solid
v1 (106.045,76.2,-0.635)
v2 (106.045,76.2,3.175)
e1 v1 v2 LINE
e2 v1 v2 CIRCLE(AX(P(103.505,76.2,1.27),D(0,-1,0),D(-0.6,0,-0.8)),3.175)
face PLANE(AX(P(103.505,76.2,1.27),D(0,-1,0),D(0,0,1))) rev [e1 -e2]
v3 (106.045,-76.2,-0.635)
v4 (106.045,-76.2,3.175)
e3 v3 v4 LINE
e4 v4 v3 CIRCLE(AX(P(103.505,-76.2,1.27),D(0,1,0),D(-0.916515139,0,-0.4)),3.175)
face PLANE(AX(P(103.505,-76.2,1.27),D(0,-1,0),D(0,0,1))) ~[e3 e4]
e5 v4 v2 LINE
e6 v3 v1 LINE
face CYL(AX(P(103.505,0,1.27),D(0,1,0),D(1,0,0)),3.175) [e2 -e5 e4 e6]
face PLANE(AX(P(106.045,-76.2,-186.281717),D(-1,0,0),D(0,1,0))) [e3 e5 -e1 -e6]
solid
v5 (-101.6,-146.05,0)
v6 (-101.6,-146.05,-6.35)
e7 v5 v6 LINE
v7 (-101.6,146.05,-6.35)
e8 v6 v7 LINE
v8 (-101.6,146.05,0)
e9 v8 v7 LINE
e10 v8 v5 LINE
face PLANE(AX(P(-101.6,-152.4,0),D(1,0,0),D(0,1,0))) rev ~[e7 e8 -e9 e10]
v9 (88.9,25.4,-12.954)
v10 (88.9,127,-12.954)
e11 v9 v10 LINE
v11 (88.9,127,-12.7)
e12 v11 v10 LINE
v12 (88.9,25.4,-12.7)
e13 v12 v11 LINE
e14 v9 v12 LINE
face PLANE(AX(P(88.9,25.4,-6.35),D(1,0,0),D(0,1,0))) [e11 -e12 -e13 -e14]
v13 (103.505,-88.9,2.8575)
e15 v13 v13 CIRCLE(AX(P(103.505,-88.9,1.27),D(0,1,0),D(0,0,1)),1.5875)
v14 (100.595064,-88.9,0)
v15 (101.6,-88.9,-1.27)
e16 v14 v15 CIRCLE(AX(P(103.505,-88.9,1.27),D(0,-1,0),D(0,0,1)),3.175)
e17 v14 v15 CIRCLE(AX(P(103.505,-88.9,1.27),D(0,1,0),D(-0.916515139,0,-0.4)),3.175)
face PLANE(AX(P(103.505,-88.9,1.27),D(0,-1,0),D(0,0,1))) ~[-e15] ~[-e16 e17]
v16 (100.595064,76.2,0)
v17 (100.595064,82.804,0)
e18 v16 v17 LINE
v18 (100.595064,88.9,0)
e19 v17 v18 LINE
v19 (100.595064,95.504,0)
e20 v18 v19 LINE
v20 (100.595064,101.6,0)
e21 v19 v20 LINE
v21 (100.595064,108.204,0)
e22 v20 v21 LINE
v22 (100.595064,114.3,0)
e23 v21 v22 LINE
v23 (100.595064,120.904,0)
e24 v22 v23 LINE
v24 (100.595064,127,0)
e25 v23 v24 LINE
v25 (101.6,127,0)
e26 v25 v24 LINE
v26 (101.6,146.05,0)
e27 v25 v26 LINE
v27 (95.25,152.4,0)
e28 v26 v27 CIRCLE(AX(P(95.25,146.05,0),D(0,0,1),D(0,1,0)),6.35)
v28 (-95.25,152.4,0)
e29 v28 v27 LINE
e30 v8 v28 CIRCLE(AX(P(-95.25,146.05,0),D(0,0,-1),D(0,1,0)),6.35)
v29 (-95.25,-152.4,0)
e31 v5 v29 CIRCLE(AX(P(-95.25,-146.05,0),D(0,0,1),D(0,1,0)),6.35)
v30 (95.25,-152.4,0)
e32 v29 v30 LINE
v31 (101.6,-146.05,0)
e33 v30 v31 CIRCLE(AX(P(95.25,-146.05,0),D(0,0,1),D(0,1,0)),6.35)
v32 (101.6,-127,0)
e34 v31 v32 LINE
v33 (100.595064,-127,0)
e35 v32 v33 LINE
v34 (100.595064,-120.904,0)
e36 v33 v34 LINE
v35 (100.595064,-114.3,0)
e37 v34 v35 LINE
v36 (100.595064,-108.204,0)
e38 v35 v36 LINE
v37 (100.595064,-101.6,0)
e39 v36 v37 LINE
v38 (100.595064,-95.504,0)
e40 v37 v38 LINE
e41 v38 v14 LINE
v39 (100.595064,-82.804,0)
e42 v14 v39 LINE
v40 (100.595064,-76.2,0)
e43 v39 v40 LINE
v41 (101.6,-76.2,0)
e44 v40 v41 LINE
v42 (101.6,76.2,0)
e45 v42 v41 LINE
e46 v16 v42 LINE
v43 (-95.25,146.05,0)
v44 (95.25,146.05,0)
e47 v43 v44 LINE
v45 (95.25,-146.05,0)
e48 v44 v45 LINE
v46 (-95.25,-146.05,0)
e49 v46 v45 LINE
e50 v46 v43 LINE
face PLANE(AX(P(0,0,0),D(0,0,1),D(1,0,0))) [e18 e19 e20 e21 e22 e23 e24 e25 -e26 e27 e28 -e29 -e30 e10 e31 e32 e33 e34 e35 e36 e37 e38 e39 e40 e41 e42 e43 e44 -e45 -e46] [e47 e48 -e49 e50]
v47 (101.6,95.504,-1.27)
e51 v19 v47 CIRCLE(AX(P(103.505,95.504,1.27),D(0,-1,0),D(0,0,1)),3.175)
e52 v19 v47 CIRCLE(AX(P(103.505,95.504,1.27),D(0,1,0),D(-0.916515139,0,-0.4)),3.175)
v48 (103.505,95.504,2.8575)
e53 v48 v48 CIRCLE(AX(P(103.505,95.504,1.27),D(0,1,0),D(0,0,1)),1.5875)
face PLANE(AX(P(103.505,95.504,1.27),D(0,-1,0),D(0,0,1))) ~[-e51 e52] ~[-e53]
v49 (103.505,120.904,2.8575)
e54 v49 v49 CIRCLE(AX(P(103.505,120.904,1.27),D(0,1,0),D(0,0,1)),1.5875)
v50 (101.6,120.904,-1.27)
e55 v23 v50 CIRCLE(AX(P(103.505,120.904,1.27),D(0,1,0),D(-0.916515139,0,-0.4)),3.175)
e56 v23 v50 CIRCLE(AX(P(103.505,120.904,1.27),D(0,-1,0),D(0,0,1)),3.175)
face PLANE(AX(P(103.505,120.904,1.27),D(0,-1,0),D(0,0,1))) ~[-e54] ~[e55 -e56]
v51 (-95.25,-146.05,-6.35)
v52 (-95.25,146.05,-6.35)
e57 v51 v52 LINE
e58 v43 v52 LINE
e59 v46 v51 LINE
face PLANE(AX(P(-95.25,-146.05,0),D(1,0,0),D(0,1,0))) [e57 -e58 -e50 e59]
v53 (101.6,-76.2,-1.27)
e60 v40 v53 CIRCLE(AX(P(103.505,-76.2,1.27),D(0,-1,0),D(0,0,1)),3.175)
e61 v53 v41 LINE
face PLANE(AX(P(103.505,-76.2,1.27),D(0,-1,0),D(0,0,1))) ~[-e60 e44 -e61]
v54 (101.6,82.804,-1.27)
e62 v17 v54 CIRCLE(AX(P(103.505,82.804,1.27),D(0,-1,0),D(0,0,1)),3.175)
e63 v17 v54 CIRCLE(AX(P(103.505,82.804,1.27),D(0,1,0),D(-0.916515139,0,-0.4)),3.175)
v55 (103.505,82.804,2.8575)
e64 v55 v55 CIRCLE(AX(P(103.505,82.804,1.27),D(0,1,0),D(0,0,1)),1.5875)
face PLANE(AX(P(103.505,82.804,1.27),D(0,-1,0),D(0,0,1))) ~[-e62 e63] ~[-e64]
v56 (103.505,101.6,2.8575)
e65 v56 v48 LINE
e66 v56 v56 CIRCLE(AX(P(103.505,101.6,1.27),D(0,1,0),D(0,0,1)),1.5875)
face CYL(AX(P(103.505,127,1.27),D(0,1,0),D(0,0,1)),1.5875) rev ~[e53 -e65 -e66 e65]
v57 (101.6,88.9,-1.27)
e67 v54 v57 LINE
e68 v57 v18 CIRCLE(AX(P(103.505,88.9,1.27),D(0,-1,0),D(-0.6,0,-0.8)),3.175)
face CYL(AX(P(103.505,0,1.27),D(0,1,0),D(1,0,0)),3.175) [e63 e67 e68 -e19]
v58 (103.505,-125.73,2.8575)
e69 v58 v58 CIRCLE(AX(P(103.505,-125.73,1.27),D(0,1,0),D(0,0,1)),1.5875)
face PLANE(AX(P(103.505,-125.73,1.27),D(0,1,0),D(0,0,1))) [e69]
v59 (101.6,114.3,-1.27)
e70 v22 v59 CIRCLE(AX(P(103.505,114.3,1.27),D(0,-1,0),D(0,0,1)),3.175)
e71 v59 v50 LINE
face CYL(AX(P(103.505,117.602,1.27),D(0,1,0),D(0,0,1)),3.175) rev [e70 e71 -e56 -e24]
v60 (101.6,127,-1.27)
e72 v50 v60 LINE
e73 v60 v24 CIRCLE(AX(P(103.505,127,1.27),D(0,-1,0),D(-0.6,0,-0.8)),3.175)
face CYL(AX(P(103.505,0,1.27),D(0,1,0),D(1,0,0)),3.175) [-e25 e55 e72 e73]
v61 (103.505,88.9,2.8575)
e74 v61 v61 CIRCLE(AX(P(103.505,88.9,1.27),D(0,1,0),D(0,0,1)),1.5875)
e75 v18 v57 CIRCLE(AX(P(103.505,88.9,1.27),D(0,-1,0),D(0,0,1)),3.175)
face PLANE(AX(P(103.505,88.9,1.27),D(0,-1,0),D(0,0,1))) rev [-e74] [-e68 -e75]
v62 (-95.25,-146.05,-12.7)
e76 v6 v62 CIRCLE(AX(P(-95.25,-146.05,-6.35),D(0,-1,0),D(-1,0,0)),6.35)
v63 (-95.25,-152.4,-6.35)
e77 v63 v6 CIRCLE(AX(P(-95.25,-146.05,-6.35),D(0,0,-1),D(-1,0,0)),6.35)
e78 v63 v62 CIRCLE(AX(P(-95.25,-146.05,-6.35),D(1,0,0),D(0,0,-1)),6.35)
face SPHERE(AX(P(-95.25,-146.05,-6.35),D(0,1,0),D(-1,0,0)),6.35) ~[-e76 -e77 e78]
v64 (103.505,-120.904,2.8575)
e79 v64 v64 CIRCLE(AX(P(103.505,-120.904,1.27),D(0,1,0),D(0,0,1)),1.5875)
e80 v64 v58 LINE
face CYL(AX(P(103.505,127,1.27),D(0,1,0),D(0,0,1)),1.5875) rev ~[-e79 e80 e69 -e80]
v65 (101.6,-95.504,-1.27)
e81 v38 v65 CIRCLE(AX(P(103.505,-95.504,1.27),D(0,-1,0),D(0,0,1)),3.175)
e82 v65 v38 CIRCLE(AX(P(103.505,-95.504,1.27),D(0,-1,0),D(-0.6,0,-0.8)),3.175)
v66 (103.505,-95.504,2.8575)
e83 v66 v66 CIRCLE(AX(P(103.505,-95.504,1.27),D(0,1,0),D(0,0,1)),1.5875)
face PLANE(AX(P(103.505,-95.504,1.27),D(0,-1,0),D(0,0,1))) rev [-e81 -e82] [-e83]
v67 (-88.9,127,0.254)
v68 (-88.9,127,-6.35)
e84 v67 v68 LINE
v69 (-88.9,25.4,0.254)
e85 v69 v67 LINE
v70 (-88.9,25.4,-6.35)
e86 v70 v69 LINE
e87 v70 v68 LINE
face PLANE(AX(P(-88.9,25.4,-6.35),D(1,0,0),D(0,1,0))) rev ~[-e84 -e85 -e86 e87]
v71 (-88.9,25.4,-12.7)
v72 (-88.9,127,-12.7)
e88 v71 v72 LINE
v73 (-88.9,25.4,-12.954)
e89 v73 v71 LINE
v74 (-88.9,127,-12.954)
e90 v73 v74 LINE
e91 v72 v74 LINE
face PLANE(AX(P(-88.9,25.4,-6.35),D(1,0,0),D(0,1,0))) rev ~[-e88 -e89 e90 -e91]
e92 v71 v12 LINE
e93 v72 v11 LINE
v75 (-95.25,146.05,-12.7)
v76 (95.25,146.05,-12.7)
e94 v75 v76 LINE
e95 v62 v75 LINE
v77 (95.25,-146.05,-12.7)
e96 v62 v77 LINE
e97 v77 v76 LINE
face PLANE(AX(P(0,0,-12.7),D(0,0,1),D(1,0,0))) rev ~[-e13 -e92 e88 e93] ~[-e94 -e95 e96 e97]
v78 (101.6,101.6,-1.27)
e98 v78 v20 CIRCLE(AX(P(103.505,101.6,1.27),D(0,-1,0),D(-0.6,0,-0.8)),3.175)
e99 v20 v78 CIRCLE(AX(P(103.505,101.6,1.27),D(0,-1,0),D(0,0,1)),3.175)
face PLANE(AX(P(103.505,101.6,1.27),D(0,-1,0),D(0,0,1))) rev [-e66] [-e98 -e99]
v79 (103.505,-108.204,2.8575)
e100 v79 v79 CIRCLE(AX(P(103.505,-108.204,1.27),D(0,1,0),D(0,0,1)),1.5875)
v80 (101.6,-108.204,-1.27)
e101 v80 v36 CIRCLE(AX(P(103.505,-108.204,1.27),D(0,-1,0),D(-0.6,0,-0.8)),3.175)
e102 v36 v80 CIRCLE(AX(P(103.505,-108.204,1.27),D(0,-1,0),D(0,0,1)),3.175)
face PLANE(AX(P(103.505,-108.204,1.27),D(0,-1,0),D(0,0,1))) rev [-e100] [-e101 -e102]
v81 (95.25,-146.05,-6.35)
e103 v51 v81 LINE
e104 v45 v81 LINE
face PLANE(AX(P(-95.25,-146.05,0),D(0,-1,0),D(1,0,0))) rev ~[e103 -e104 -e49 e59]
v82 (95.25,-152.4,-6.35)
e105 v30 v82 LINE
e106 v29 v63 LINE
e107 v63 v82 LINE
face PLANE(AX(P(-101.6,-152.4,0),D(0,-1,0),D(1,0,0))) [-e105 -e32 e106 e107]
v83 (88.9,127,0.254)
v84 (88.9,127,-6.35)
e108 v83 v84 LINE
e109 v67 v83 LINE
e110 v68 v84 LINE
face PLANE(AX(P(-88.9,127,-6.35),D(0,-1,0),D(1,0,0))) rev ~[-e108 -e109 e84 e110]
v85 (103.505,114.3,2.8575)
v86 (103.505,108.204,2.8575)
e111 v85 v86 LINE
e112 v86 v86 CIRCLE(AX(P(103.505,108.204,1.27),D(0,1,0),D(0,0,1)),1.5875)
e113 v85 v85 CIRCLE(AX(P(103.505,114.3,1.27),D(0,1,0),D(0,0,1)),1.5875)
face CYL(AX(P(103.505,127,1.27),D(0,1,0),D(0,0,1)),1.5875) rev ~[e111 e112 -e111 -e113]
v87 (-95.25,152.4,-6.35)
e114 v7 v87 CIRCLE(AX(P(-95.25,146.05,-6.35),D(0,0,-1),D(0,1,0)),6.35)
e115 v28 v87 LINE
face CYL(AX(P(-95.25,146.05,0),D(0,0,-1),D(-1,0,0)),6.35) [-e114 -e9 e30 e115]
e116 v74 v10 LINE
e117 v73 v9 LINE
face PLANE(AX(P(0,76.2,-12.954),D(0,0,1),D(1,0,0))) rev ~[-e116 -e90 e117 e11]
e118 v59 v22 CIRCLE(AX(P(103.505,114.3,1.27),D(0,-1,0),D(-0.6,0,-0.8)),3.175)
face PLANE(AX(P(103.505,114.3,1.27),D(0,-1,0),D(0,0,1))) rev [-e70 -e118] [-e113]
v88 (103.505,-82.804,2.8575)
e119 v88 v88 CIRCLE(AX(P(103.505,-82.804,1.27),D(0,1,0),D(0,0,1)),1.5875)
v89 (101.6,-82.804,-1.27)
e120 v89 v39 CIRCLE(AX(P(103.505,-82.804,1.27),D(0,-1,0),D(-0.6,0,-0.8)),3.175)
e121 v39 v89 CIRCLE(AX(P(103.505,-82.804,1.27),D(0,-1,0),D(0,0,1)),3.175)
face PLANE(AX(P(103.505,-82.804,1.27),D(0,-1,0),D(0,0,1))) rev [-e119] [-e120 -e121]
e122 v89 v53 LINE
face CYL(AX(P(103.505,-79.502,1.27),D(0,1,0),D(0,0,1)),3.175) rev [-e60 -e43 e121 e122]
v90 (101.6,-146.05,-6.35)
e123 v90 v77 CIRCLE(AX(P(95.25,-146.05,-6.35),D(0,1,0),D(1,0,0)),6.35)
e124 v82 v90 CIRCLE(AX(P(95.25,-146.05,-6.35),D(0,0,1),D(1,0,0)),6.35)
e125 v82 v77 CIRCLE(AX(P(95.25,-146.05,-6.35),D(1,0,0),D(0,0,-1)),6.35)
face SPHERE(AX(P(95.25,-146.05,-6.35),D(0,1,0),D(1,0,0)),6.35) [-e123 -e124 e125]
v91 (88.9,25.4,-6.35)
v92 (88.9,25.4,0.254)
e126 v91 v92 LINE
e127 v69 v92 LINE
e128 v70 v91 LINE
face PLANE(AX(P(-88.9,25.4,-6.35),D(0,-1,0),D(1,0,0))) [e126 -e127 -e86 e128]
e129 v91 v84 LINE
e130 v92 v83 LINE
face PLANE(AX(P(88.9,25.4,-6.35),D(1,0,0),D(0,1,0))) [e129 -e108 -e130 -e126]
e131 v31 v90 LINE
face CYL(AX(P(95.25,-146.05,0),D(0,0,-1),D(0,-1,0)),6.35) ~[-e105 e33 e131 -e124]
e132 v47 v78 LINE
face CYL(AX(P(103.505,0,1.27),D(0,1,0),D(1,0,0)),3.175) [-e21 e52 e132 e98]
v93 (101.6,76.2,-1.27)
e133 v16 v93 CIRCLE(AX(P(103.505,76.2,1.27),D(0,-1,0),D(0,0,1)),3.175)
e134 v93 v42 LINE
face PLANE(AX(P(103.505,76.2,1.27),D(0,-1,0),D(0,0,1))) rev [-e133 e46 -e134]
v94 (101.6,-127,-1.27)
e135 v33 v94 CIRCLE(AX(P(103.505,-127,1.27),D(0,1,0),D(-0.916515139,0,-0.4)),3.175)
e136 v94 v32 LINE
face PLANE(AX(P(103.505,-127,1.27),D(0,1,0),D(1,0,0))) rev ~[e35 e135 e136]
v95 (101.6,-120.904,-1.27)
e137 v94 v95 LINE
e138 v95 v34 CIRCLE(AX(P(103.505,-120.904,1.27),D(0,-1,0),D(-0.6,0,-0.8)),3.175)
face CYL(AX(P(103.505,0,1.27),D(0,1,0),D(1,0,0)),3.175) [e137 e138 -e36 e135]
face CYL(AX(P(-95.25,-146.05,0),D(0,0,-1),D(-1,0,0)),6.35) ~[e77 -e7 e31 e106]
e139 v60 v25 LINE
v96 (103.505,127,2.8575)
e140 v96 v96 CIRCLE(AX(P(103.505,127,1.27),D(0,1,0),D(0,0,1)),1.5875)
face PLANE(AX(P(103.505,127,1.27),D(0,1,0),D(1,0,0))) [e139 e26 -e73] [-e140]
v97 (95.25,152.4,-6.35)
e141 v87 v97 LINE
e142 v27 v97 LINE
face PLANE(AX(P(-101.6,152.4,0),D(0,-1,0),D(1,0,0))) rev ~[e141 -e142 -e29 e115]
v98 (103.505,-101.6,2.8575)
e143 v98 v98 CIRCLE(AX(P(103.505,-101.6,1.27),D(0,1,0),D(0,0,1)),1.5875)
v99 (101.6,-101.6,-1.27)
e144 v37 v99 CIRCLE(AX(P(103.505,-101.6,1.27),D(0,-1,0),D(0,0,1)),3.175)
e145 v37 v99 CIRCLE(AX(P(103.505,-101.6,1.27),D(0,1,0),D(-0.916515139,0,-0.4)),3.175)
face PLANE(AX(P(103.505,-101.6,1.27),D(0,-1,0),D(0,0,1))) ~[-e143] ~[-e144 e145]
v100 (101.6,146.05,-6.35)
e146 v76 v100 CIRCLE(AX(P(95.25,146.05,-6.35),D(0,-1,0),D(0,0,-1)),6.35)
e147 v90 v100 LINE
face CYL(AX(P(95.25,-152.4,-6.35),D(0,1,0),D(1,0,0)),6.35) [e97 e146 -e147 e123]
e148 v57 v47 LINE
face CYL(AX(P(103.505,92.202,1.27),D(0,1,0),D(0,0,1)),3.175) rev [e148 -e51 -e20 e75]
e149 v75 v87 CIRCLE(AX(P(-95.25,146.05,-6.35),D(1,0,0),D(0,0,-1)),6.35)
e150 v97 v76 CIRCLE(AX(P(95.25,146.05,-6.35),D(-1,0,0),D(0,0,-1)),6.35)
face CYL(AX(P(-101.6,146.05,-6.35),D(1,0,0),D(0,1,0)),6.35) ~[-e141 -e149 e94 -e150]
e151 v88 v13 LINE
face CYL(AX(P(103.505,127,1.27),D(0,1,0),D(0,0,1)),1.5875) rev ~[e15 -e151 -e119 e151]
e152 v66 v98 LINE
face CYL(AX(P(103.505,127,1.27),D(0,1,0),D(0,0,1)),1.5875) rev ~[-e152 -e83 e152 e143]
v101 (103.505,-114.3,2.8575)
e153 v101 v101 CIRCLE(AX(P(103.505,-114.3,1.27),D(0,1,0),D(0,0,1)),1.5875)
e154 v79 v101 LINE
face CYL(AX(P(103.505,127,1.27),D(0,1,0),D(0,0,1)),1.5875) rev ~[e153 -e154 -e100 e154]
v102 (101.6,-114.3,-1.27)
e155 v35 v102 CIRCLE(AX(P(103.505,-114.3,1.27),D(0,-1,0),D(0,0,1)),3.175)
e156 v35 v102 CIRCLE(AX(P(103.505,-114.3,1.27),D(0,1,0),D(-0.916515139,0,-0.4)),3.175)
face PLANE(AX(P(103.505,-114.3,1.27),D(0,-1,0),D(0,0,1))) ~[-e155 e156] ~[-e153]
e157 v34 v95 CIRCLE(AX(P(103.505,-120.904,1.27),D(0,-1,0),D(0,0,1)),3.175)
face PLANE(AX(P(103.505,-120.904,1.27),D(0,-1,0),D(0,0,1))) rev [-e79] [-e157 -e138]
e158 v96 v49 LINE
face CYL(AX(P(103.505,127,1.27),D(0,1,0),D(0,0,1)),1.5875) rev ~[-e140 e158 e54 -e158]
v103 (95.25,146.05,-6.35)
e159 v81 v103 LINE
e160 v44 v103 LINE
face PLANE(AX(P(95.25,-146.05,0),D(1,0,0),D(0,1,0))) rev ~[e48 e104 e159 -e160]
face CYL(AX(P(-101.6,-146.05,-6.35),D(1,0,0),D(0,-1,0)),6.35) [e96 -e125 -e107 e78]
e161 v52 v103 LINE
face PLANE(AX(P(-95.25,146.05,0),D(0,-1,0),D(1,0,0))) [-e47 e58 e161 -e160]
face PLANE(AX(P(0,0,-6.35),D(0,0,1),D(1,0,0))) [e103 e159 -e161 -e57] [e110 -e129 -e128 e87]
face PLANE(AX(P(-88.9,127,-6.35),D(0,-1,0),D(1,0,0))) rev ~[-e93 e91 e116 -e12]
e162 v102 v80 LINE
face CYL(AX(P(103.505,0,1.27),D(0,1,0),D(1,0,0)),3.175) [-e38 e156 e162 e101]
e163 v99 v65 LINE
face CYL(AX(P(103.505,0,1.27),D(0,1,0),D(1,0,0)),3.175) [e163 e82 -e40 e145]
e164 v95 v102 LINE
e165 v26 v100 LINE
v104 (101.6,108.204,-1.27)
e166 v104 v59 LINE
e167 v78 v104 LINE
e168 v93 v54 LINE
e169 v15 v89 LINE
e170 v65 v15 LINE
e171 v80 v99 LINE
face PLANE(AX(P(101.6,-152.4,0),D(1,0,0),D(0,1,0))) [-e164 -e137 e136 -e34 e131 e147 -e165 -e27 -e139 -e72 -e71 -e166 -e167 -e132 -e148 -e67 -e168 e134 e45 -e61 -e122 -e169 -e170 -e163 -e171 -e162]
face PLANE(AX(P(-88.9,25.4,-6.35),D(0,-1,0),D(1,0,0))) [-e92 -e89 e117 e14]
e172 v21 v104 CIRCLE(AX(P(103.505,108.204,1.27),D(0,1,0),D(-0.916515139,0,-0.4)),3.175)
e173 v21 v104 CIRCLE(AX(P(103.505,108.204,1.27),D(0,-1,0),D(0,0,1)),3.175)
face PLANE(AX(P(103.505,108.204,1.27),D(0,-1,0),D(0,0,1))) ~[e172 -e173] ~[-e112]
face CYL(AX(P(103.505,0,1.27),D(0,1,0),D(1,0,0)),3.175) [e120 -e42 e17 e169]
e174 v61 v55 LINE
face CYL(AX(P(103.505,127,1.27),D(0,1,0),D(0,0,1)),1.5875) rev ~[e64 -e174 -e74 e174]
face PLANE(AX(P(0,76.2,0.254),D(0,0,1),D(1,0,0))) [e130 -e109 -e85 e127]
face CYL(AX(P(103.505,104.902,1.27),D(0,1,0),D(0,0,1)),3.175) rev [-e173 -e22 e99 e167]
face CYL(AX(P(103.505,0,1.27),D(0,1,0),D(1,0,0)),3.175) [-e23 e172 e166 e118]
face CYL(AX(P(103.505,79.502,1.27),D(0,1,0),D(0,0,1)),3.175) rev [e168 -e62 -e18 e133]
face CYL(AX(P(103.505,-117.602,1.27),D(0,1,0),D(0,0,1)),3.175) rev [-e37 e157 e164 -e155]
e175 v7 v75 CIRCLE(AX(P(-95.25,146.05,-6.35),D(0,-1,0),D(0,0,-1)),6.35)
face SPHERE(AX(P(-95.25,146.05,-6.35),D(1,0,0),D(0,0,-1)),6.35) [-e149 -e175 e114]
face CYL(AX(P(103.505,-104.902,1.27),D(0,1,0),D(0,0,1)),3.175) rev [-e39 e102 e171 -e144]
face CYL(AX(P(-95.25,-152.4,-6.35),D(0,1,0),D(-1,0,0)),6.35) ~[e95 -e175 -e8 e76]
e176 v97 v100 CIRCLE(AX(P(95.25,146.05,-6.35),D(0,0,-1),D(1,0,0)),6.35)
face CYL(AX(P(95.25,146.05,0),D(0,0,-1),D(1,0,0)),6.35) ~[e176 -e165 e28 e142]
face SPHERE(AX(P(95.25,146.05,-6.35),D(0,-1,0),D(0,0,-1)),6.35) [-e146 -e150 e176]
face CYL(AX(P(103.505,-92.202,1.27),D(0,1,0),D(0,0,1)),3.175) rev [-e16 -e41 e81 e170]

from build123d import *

# Parameters (mm, degrees)
SKETCH1_W                = 203.2
SKETCH1_H                = 304.8
BOSS_EXTRUDE1_DEPTH      = 12.7
FILLET1_R                = 6.35
SKETCH2_W                = 190.5
SKETCH2_H                = 292.1
CUT_EXTRUDE1_DEPTH       = 6.35
SKETCH3_R                = 3.175
BOSS_EXTRUDE3_DEPTH      = 127
SKETCH14_R               = 1.5875
CUT_EXTRUDE9_DEPTH       = 252.73
SKETCH6_W                = 3.175
SKETCH6_H                = 6.604
CUT_EXTRUDE14_DEPTH      = 187.551717494
CUT_EXTRUDE14_DEPTH_BACK = 187.551717494
SKETCH21_W               = 4.445
SKETCH21_H               = 152.4
CUT_EXTRUDE15_DEPTH      = 187.460913867
CUT_EXTRUDE15_DEPTH_BACK = 187.460913867
SKETCH22_W               = 3.81
SKETCH22_H               = 152.4
SKETCH24_W               = 177.8
SKETCH24_H               = 101.6
BOSS_EXTRUDE5_DEPTH      = 6.604


with BuildPart() as part:
    # Sketch1 → Boss-Extrude1 (new body)
    with BuildSketch(Plane.XY):
        Rectangle(SKETCH1_W, SKETCH1_H)
    extrude(amount=-BOSS_EXTRUDE1_DEPTH)

    # Fillet1
    fillet1_edges = [part.edges().sort_by_distance(p)[0] for p in [
        (101.6, 0, -12.7),
        (0, 152.4, -12.7),
        (-101.6, 0, -12.7),
        (-101.6, 152.4, -6.35),
        (101.6, 152.4, -6.35),
        (101.6, -152.4, -6.35),
        (-101.6, -152.4, -6.35),
        (0, -152.4, -12.7),
    ]]
    fillet(fillet1_edges, radius=FILLET1_R)

    # Sketch2 → Cut-Extrude1 (cut)
    with BuildSketch(Plane.XY):
        Rectangle(SKETCH2_W, SKETCH2_H)
    extrude(amount=-CUT_EXTRUDE1_DEPTH, mode=Mode.SUBTRACT)

    # Sketch3 → Boss-Extrude3 (add, symmetric)
    with BuildSketch(Plane(origin=(0, 0, 0), x_dir=(1, 0, 0), z_dir=(0, 1, 0))):
        with Locations((103.505, -1.27)):
            Circle(SKETCH3_R)
    extrude(amount=BOSS_EXTRUDE3_DEPTH, both=True)

    # Sketch14 → Cut-Extrude9 (cut)
    with BuildSketch(Plane(origin=(0, 127, 0), x_dir=(1, 0, 0), z_dir=(0, 1, 0))):
        with Locations(Location((103.505, -1.27, 0), (0, 0, 270))):
            Circle(SKETCH14_R)
    extrude(amount=-CUT_EXTRUDE9_DEPTH, mode=Mode.SUBTRACT)

    # Sketch6 → Cut-Revolve1 (revolve, cut)
    with BuildSketch(Plane.XY.offset(1.27), mode=Mode.PRIVATE) as cut_revolve1_sk:
        with Locations((105.0925, 117.602)):
            Rectangle(SKETCH6_W, SKETCH6_H)
        with Locations((105.0925, -92.202)):
            Rectangle(SKETCH6_W, SKETCH6_H)
        with Locations((105.0925, 104.902)):
            Rectangle(SKETCH6_W, SKETCH6_H)
        with Locations((105.0925, 92.202)):
            Rectangle(SKETCH6_W, SKETCH6_H)
        with Locations((105.0925, -117.602)):
            Rectangle(SKETCH6_W, SKETCH6_H)
        with Locations((105.0925, -104.902)):
            Rectangle(SKETCH6_W, SKETCH6_H)
        with Locations((105.0925, -79.502)):
            Rectangle(SKETCH6_W, SKETCH6_H)
        with Locations((105.0925, 79.502)):
            Rectangle(SKETCH6_W, SKETCH6_H)
    revolve(cut_revolve1_sk.sketch.rotate(Axis((103.505, 132.703354679, 1.27), (0, -1, 0)), 90), axis=Axis((103.505, 132.703354679, 1.27), (0, -1, 0)), mode=Mode.SUBTRACT)

    # Sketch21 → Cut-Extrude14 (cut, two sides: drawn at the far end of the back side and taken through both)
    with BuildSketch(Plane.XY.offset(1.27).offset(-CUT_EXTRUDE14_DEPTH_BACK)):
        with Locations((103.8225, 0)):
            Rectangle(SKETCH21_W, SKETCH21_H)
    extrude(amount=CUT_EXTRUDE14_DEPTH + CUT_EXTRUDE14_DEPTH_BACK, mode=Mode.SUBTRACT)


with BuildPart() as cut_extrude14_piece_1:
    # of the separate pieces the step leaves, piece 1, a body of its own (cut_extrude14_pieces)
    add(part.part.solids().sort_by_distance((95.25, -152.4, 0))[0])

    # Sketch22 → Cut-Extrude15 (cut, two sides: drawn at the far end of the back side and taken through both)
    with BuildSketch(Plane(origin=(0, 0, 0), x_dir=(0, 0, -1), z_dir=(1, 0, 0)).offset(-CUT_EXTRUDE15_DEPTH_BACK)):
        with Locations((-1.905, 0)):
            Rectangle(SKETCH22_W, SKETCH22_H)
    extrude(amount=CUT_EXTRUDE15_DEPTH + CUT_EXTRUDE15_DEPTH_BACK, mode=Mode.SUBTRACT)

    # Sketch24 → Boss-Extrude5 (add, symmetric)
    with BuildSketch(Plane.XY.offset(-6.35)):
        with Locations((0, 76.2)):
            Rectangle(SKETCH24_W, SKETCH24_H)
    extrude(amount=BOSS_EXTRUDE5_DEPTH, both=True)


with BuildPart() as cut_extrude14_piece_2:
    # of the separate pieces the step leaves, piece 2, a body of its own (cut_extrude14_pieces)
    add(part.part.solids().sort_by_distance((106.045, -76.2, 3.175))[0])


solid = Compound([cut_extrude14_piece_1.part, cut_extrude14_piece_2.part])
